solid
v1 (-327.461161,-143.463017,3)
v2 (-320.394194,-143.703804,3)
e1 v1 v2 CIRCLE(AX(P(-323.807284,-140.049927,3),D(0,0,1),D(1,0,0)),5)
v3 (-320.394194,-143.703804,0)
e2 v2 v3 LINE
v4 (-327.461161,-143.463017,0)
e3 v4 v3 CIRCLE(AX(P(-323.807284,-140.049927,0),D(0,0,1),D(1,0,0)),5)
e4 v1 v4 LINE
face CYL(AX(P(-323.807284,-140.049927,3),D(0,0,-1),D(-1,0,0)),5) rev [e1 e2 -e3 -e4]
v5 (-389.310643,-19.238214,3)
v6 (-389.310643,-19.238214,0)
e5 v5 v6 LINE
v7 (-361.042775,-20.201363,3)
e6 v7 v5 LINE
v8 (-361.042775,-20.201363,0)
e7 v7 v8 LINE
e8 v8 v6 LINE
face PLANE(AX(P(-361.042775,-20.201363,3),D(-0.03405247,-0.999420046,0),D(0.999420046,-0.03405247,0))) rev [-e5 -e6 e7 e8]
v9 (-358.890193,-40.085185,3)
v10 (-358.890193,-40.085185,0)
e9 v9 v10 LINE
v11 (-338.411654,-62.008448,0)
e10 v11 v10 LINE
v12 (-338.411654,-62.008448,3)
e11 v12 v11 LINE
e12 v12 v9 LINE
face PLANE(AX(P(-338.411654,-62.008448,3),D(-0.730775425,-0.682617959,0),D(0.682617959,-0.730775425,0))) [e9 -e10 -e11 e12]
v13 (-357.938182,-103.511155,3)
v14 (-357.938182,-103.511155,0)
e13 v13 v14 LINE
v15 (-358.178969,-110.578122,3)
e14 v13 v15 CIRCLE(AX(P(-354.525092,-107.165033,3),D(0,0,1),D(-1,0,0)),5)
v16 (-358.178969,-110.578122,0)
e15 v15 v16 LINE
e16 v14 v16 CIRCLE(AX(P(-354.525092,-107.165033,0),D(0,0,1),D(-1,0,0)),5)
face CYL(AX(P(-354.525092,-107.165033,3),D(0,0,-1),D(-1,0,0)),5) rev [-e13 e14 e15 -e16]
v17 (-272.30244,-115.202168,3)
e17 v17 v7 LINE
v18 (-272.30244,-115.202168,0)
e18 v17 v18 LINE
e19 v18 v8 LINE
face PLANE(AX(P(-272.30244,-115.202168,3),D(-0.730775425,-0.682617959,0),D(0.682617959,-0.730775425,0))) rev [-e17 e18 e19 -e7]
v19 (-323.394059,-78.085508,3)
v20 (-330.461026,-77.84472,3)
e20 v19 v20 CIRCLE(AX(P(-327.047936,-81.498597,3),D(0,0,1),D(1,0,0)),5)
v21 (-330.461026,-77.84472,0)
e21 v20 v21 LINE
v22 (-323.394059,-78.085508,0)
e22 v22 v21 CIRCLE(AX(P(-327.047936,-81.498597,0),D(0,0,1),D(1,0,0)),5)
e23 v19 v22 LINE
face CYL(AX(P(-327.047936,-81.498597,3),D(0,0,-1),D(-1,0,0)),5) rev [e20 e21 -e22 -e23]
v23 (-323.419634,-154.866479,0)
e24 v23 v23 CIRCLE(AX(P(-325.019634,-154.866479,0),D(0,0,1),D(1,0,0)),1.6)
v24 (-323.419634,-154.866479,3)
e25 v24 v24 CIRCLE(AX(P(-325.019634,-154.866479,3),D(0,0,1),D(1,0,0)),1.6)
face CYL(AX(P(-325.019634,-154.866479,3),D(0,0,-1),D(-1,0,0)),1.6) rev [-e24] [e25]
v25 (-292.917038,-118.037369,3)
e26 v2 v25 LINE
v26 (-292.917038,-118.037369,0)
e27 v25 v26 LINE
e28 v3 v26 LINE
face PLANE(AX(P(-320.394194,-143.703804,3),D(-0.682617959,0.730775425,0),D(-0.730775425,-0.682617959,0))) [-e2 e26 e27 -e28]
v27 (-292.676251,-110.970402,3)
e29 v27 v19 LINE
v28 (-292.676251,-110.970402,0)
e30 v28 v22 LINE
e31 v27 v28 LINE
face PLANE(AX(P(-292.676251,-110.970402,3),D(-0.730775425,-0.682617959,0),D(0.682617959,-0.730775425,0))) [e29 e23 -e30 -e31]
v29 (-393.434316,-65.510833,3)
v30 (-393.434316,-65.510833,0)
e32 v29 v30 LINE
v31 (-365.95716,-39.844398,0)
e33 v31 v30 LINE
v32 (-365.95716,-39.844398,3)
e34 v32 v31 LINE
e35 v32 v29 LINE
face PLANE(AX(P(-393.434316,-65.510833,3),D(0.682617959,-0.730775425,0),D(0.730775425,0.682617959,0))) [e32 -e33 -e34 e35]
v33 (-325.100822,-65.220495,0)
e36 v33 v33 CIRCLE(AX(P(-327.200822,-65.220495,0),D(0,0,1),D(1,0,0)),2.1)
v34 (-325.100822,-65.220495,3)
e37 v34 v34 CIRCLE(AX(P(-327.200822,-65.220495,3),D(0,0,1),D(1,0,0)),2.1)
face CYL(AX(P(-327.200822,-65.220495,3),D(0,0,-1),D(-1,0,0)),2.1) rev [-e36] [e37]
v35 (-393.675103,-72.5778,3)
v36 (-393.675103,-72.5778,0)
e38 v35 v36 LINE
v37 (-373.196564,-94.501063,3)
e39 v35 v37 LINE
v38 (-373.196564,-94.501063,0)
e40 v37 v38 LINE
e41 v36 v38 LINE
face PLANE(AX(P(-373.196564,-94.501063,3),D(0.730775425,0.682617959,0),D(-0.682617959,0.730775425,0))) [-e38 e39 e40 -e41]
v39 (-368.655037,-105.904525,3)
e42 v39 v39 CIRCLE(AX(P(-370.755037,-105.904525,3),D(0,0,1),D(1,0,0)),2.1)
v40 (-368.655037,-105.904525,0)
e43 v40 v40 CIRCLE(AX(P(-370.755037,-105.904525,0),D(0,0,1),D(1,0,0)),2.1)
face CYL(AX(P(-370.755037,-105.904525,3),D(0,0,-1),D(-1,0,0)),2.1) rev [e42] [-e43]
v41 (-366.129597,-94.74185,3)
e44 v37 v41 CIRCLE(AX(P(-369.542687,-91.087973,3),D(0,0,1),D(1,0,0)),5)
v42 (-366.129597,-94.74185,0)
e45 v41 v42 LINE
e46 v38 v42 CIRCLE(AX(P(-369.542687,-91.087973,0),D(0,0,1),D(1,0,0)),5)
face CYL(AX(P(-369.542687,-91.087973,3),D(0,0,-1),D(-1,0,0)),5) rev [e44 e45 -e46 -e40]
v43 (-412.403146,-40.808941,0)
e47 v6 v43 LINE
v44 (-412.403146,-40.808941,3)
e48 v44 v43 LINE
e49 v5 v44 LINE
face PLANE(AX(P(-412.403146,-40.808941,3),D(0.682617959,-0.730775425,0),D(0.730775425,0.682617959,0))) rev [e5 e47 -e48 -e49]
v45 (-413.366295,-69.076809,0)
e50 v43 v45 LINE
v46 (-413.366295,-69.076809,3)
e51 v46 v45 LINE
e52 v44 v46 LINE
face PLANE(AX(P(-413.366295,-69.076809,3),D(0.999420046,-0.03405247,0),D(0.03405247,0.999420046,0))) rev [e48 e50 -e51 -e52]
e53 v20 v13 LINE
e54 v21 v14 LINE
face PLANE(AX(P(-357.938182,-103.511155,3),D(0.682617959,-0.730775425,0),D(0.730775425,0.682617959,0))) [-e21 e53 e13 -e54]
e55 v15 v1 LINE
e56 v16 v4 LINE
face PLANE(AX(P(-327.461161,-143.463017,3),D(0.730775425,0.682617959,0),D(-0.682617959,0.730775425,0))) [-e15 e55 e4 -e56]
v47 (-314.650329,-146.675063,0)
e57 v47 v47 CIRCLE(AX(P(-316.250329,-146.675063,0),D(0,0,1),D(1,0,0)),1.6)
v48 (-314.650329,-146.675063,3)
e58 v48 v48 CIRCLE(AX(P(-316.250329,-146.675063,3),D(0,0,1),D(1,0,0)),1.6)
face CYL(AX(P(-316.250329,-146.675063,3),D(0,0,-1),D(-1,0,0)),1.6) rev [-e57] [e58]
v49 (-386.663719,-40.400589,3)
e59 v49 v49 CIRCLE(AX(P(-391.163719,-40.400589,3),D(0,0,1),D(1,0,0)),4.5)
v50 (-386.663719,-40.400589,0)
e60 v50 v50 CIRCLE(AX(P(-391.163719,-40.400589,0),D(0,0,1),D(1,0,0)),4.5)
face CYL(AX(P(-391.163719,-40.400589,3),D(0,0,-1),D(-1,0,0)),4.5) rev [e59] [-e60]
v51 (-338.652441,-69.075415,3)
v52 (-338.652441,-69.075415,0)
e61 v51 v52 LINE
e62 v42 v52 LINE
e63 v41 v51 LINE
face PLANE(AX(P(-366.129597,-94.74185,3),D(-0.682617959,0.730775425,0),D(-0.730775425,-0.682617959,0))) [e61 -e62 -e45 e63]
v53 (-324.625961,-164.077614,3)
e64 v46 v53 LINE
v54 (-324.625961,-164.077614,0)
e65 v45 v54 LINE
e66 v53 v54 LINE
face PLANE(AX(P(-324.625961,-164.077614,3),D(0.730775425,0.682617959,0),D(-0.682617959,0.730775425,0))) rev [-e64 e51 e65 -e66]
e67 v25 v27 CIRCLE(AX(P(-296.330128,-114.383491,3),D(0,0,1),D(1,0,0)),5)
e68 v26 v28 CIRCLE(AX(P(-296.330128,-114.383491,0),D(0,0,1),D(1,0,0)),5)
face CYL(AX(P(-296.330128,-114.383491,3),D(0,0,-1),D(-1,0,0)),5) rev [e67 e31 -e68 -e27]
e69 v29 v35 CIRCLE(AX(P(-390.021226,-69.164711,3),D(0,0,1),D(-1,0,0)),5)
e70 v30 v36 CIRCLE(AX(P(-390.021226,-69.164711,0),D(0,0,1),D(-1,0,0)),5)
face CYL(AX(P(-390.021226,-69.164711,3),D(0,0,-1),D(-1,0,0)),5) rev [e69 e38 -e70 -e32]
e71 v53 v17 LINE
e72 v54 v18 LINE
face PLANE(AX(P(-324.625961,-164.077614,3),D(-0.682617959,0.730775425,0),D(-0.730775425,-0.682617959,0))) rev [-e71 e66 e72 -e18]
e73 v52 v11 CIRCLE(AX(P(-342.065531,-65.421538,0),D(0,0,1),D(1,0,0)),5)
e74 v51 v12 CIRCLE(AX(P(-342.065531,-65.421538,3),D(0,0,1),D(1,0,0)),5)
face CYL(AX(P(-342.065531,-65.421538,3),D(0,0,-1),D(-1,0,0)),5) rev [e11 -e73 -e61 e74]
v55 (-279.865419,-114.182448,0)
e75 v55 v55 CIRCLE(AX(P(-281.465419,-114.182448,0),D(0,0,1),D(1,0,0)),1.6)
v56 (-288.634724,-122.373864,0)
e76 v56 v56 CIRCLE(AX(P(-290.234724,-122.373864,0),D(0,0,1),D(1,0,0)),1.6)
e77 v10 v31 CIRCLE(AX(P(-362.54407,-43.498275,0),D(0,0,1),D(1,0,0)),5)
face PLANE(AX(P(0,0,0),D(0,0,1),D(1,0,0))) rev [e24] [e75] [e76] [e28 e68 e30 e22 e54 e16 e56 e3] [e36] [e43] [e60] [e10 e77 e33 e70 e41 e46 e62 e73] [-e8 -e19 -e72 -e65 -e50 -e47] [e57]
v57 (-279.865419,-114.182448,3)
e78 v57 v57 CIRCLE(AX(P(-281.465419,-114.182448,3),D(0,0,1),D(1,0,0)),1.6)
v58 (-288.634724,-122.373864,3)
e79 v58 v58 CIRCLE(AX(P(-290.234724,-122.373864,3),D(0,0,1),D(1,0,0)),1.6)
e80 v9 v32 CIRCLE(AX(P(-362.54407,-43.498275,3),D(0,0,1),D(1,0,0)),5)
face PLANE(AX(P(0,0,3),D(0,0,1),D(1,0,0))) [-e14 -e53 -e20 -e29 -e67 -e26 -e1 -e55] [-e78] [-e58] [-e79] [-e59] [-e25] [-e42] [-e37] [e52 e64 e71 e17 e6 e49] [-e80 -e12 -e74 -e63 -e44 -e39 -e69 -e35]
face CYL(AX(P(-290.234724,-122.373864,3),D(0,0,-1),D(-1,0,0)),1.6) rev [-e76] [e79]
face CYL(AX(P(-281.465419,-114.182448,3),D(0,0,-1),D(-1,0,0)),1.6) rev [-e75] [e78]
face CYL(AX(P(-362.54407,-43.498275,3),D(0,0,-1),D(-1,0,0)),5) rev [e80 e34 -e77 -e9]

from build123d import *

# Parameters (mm, degrees)
SKETCH_1_R      = 2.1
SKETCH_1_R_2    = 4.5
SKETCH_1_R_3    = 1.6
EXTRUDE_1_DEPTH = 3


with BuildPart() as part:
    # 草图1 → 凸台-拉伸1 (new body)
    with BuildSketch(Plane.XY):
        Polygon((-324.62596071, -164.077614251), (-272.3024403, -115.202168351), (-361.042775034, -20.201363137), (-389.310642718, -19.238213832), (-412.403146139, -40.808941352), (-413.366295444, -69.076809037), align=None)
        with Locations((-327.200821851, -65.220494679)):
            Circle(SKETCH_1_R, mode=Mode.SUBTRACT)
        with Locations((-370.755037164, -105.904525064)):
            Circle(SKETCH_1_R, mode=Mode.SUBTRACT)
        with Locations((-391.163719404, -40.400588623)):
            Circle(SKETCH_1_R_2, mode=Mode.SUBTRACT)
        with Locations((-325.019633878, -154.866478521)):
            Circle(SKETCH_1_R_3, mode=Mode.SUBTRACT)
        with Locations((-316.250328782, -146.675063007)):
            Circle(SKETCH_1_R_3, mode=Mode.SUBTRACT)
        with Locations((-290.234723661, -122.373863649)):
            Circle(SKETCH_1_R_3, mode=Mode.SUBTRACT)
        with Locations((-281.465418565, -114.182448135)):
            Circle(SKETCH_1_R_3, mode=Mode.SUBTRACT)
        with BuildLine():
            Line((-320.394194004, -143.703803843), (-292.917038034, -118.037368566))
            ThreePointArc((-292.917038034, -118.037368566), (-291.333027599, -114.553753794), (-292.676250708, -110.970401645))
            Line((-292.676250708, -110.970401645), (-323.394058885, -78.085507532))
            ThreePointArc((-323.394058885, -78.085507532), (-326.877673657, -76.501497097), (-330.461025806, -77.844720206))
            Line((-330.461025806, -77.844720206), (-357.938181776, -103.511155483))
            ThreePointArc((-357.938181776, -103.511155483), (-359.522192211, -106.994770255), (-358.178969102, -110.578122404))
            Line((-358.178969102, -110.578122404), (-327.461160925, -143.463016517))
            ThreePointArc((-327.461160925, -143.463016517), (-323.977546152, -145.047026952), (-320.394194004, -143.703803843))
        make_face(mode=Mode.SUBTRACT)
        with BuildLine():
            Line((-366.12959729, -94.741850386), (-338.65244132, -69.075415109))
            ThreePointArc((-338.65244132, -69.075415109), (-337.068430885, -65.591800337), (-338.411653994, -62.008448188))
            Line((-338.411653994, -62.008448188), (-358.890192778, -40.085185447))
            ThreePointArc((-358.890192778, -40.085185447), (-362.373807551, -38.501175012), (-365.957159699, -39.84439812))
            Line((-365.957159699, -39.84439812), (-393.434315669, -65.510833397))
            ThreePointArc((-393.434315669, -65.510833397), (-395.018326104, -68.99444817), (-393.675102995, -72.577800318))
            Line((-393.675102995, -72.577800318), (-373.196564211, -94.50106306))
            ThreePointArc((-373.196564211, -94.50106306), (-369.712949438, -96.085073495), (-366.12959729, -94.741850386))
        make_face(mode=Mode.SUBTRACT)
    extrude(amount=EXTRUDE_1_DEPTH)


solid = part.part
